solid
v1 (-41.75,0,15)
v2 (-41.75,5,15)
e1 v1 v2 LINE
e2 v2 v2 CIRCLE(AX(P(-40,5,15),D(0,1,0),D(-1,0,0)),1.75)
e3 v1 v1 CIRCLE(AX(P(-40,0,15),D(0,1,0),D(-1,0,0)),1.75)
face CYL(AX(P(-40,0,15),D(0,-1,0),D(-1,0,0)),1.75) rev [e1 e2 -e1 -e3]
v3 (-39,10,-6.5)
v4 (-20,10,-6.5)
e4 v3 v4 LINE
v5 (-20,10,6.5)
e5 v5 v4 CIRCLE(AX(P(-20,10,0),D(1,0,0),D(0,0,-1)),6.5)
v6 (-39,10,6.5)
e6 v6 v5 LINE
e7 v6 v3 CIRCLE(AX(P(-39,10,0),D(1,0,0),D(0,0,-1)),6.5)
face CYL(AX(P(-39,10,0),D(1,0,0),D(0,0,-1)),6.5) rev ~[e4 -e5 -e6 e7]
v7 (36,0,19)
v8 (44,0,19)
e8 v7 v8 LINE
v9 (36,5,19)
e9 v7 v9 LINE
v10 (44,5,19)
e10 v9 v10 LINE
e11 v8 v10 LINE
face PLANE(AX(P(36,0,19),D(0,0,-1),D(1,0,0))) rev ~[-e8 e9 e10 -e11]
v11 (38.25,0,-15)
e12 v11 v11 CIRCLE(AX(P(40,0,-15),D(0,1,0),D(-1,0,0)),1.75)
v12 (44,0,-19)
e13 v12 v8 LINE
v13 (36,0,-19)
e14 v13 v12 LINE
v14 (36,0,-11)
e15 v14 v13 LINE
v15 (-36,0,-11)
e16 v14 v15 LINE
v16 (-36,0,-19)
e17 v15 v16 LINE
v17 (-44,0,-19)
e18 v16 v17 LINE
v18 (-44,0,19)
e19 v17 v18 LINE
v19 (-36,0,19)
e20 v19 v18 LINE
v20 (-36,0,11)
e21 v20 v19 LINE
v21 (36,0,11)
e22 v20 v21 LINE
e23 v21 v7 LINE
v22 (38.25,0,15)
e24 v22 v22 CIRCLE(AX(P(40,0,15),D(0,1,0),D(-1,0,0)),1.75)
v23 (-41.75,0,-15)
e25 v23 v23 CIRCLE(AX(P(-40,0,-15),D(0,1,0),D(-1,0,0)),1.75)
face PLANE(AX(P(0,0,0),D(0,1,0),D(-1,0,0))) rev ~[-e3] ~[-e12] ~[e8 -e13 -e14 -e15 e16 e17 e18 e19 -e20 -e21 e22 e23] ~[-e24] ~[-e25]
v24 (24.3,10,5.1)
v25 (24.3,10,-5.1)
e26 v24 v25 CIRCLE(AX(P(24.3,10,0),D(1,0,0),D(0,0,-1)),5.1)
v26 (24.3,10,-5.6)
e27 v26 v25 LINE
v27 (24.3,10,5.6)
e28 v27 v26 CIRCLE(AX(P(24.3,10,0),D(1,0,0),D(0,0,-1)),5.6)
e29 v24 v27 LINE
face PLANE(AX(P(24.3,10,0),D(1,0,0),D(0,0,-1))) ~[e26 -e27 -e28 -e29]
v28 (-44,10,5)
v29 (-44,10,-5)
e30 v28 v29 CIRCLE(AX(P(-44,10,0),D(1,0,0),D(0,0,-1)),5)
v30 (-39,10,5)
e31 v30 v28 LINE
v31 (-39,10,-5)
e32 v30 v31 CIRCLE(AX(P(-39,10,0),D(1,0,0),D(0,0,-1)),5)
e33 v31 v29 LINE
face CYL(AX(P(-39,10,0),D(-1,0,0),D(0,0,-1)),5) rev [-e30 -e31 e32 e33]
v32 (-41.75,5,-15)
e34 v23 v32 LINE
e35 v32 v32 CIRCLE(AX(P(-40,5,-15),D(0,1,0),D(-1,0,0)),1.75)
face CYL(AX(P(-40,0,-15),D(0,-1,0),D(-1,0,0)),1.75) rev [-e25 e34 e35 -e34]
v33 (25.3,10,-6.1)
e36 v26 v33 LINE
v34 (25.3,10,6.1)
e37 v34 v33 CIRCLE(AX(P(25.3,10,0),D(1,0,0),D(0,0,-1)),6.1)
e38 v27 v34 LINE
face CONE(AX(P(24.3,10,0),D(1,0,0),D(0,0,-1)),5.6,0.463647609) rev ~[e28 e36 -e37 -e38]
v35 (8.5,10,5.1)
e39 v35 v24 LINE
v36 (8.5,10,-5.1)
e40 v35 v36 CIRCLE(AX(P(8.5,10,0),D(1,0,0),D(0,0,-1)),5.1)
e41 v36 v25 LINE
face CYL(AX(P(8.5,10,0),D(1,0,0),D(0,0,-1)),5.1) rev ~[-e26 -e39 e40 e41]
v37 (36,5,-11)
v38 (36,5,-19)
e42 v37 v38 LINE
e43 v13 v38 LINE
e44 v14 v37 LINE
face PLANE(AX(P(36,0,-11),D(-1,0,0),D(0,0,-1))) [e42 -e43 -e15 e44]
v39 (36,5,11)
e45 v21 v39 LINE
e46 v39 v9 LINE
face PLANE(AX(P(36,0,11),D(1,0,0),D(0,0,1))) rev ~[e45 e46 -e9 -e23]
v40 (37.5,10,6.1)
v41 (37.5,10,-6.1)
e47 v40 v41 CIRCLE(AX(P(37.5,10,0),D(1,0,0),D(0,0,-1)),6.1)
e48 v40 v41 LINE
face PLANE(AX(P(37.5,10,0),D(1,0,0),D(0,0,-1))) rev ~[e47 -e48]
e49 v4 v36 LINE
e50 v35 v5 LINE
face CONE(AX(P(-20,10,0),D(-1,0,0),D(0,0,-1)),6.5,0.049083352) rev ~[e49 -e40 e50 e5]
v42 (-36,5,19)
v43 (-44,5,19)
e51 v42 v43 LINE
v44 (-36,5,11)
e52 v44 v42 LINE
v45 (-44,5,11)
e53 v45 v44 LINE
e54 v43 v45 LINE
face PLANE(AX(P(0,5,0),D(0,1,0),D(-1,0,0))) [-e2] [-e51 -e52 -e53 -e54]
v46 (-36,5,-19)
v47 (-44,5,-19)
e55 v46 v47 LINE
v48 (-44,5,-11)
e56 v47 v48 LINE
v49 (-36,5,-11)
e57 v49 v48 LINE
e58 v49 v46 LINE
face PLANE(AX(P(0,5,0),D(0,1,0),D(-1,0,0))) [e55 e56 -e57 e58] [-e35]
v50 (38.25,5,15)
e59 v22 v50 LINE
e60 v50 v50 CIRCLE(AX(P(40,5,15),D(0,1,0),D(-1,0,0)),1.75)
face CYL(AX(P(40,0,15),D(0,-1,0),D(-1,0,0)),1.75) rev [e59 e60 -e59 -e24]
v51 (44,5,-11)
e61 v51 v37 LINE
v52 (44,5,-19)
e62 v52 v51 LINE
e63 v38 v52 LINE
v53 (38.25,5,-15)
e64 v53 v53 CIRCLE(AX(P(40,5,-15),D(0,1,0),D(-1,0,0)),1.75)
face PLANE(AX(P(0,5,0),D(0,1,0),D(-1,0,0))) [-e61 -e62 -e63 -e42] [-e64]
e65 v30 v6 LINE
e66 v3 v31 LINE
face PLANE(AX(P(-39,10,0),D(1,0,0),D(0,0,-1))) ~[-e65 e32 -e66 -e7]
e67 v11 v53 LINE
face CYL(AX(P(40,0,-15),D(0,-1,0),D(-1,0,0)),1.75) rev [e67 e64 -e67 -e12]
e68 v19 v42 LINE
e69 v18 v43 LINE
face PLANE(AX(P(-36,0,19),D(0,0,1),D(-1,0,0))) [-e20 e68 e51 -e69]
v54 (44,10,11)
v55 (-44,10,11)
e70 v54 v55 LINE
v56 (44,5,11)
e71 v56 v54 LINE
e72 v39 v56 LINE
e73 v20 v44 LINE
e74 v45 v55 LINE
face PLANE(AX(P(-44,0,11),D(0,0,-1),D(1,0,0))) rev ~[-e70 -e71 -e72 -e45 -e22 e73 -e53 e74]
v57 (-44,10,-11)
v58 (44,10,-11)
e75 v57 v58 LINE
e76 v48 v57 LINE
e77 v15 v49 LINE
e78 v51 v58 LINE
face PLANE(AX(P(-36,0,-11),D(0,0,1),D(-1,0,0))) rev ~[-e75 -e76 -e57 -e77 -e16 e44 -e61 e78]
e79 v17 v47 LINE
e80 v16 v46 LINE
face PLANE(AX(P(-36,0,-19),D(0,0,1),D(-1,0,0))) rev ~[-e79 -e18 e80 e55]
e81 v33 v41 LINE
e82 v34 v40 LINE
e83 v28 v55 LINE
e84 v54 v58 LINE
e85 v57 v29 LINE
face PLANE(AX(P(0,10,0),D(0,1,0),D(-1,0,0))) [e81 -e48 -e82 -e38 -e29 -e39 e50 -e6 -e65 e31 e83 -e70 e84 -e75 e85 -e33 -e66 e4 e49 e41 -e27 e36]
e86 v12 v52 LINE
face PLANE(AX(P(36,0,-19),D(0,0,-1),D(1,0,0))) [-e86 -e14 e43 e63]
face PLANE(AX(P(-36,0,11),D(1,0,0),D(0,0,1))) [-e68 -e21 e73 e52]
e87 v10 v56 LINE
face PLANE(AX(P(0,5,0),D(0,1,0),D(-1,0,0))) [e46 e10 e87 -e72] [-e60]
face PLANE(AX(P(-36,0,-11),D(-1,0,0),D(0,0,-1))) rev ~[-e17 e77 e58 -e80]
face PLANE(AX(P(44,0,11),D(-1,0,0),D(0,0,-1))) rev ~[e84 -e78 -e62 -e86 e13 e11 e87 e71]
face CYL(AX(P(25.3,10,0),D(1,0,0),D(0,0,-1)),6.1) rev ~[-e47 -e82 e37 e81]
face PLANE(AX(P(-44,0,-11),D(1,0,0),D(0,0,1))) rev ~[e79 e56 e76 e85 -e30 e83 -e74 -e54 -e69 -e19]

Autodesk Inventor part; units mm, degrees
ref_plane "YZ Plane" through (0, 0, 0) normal (1, 0, 0) x (0, 1, 0)
ref_plane "XZ Plane" through (0, 0, 0) normal (0, 1, 0) x (-1, 0, 0)
ref_plane "XY Plane" through (0, 0, 0) normal (0, 0, 1) x (1, 0, 0)
sketch "Sketch1" plane through (0, 0, 0) normal (0, 1, 0) x (-1, 0, 0)
  line L0 (44, 11) -> (-44, 11)
  line L1 (-44, 11) -> (-44, -11)
  line L2 (-44, -11) -> (44, -11)
  line L3 (44, -11) -> (44, 11)
  line L4 (44, 11) -> (-44, -11) construction
  line L5 (-44, 11) -> (44, -11) construction
  line L6 (36, 19) -> (44, 19)
  line L7 (44, 19) -> (44, 11)
  line L8 (44, 11) -> (36, 11)
  line L9 (36, 11) -> (36, 19)
  line L10 (36, 19) -> (44, 11) construction
  line L11 (44, 19) -> (36, 11) construction
  line L12 (36, -19) -> (44, -19)
  line L13 (44, -19) -> (44, -11)
  line L14 (44, -11) -> (36, -11)
  line L15 (36, -11) -> (36, -19)
  line L16 (36, -19) -> (44, -11) construction
  line L17 (44, -19) -> (36, -11) construction
  line L18 (-36, 19) -> (-44, 19)
  line L19 (-44, 19) -> (-44, 11)
  line L20 (-44, 11) -> (-36, 11)
  line L21 (-36, 11) -> (-36, 19)
  line L22 (-36, 19) -> (-44, 11) construction
  line L23 (-44, 19) -> (-36, 11) construction
  line L24 (-36, -19) -> (-44, -19)
  line L25 (-44, -19) -> (-44, -11)
  line L26 (-44, -11) -> (-36, -11)
  line L27 (-36, -11) -> (-36, -19)
  line L28 (-36, -19) -> (-44, -11) construction
  line L29 (-44, -19) -> (-36, -11) construction
  circle A0 centre (40, 15) radius 1.75
  circle A1 centre (40, -15) radius 1.75
  circle A2 centre (-40, 15) radius 1.75
  circle A3 centre (-40, -15) radius 1.75
  point P0 (0, 0)
  dimension "d0" = 22
  dimension "d1" = 88
  dimension "d2" = 8
  dimension "d3" = 8
  dimension "d8" = 3.5
  dimension "d9" = 3.5
  dimension "d10" = 3.5
  dimension "d11" = 3.5
  dimension "d24" = 30
  dimension "d25" = 80
extrude "Extrusion1" add sketch "Sketch1" along normal blind 10 contours L3 L2 L1 L0
extrude "Extrusion2" add sketch "Sketch1" along normal blind 5 contours L0 L9 L6 L7 | L13 L12 L15 L2 | L0 L19 L18 L21 | L27 L24 L25 L2
sketch "Sketch3" plane through (0, 10, 0) normal (0, 1, 0) x (1, 0, 0)
  line L0 (44, 11) -> (44, 19) projected
  line L1 (-44, -11) -> (44, -11)
  line L2 (44, -11) -> (44, 11)
  line L3 (44, 11) -> (-44, 11)
  line L4 (-44, 11) -> (-44, -11)
  line L5 (-44, -11) -> (44, 11) construction
  line L6 (44, -11) -> (-44, 11) construction
  line L7 (-36, -19) -> (-36, -11) projected
  line L8 (-44, -11) -> (-36, -11) projected
  line L9 (-44, -11) -> (-44, -19) projected
  line L10 (-44, -19) -> (-36, -19) projected
  circle A0 centre (-40, -15) radius 1.75 projected
  line L11 (-36, 11) -> (-44, 11) projected
  line L12 (-36, 11) -> (-36, 19) projected
  line L13 (-36, 19) -> (-44, 19) projected
  line L14 (-44, 19) -> (-44, 11) projected
  circle A1 centre (-40, 15) radius 1.75 projected
  line L15 (36, 19) -> (36, 11) projected
  line L16 (44, 11) -> (36, 11) projected
  line L17 (44, 11) -> (44, 19) projected
  line L18 (44, 19) -> (36, 19) projected
  circle A2 centre (40, 15) radius 1.75 projected
  line L19 (36, -11) -> (44, -11) projected
  line L20 (36, -11) -> (36, -19) projected
  line L21 (36, -19) -> (44, -19) projected
  line L22 (44, -19) -> (44, -11) projected
  circle A3 centre (40, -15) radius 1.75 projected
  point P0 (0, 0)
sketch "Sketch2" plane through (0, 10, 0) normal (0, 1, 0) x (1, 0, 0)
  line L0 (-98.02, 0) -> (97.5, 0)
  line L1 (-39, 5) -> (-39, 6.5)
  line L2 (-39, 6.5) -> (-20, 6.5)
  line L3 (-20, 6.5) -> (8.5, 5.1)
  line L4 (8.5, 5.1) -> (24.3, 5.1)
  line L5 (24.3, 5.1) -> (24.3, 5.6)
  line L6 (24.3, 5.6) -> (25.3, 6.1)
  line L7 (25.3, 6.1) -> (37.5, 6.1)
  line L8 (37.5, 6.1) -> (37.5, 0)
  line L9 (-38.5, 0) -> (37.5, 0)
  line L10 (-44, 11) -> (-44, -11) projected
  line L11 (-39, 5) -> (-44, 5)
  line L12 (-44, 5) -> (-44, 0)
  point P0 (0, 0)
  dimension "d12" = 13
  dimension "d13" = 12.2
  dimension "d14" = 1
  dimension "d15" = 0.5
  dimension "d16" = 10.2
  dimension "d17" = 76.5
  dimension "d18" = 13.2
  dimension "d19" = 19
  dimension "d20" = 5
  dimension "d21" = 29
  dimension "d23" = 10
revolve "Revolution1" cut sketch "Sketch2" angle 360 about axis through (-98.02, 10, 0) along (1, 0, 0)
equation "\"d9\" = d8"
equation "\"d10\" = d8"
equation "\"d11\" = d8"
properties part number "stick_antenna_case"
